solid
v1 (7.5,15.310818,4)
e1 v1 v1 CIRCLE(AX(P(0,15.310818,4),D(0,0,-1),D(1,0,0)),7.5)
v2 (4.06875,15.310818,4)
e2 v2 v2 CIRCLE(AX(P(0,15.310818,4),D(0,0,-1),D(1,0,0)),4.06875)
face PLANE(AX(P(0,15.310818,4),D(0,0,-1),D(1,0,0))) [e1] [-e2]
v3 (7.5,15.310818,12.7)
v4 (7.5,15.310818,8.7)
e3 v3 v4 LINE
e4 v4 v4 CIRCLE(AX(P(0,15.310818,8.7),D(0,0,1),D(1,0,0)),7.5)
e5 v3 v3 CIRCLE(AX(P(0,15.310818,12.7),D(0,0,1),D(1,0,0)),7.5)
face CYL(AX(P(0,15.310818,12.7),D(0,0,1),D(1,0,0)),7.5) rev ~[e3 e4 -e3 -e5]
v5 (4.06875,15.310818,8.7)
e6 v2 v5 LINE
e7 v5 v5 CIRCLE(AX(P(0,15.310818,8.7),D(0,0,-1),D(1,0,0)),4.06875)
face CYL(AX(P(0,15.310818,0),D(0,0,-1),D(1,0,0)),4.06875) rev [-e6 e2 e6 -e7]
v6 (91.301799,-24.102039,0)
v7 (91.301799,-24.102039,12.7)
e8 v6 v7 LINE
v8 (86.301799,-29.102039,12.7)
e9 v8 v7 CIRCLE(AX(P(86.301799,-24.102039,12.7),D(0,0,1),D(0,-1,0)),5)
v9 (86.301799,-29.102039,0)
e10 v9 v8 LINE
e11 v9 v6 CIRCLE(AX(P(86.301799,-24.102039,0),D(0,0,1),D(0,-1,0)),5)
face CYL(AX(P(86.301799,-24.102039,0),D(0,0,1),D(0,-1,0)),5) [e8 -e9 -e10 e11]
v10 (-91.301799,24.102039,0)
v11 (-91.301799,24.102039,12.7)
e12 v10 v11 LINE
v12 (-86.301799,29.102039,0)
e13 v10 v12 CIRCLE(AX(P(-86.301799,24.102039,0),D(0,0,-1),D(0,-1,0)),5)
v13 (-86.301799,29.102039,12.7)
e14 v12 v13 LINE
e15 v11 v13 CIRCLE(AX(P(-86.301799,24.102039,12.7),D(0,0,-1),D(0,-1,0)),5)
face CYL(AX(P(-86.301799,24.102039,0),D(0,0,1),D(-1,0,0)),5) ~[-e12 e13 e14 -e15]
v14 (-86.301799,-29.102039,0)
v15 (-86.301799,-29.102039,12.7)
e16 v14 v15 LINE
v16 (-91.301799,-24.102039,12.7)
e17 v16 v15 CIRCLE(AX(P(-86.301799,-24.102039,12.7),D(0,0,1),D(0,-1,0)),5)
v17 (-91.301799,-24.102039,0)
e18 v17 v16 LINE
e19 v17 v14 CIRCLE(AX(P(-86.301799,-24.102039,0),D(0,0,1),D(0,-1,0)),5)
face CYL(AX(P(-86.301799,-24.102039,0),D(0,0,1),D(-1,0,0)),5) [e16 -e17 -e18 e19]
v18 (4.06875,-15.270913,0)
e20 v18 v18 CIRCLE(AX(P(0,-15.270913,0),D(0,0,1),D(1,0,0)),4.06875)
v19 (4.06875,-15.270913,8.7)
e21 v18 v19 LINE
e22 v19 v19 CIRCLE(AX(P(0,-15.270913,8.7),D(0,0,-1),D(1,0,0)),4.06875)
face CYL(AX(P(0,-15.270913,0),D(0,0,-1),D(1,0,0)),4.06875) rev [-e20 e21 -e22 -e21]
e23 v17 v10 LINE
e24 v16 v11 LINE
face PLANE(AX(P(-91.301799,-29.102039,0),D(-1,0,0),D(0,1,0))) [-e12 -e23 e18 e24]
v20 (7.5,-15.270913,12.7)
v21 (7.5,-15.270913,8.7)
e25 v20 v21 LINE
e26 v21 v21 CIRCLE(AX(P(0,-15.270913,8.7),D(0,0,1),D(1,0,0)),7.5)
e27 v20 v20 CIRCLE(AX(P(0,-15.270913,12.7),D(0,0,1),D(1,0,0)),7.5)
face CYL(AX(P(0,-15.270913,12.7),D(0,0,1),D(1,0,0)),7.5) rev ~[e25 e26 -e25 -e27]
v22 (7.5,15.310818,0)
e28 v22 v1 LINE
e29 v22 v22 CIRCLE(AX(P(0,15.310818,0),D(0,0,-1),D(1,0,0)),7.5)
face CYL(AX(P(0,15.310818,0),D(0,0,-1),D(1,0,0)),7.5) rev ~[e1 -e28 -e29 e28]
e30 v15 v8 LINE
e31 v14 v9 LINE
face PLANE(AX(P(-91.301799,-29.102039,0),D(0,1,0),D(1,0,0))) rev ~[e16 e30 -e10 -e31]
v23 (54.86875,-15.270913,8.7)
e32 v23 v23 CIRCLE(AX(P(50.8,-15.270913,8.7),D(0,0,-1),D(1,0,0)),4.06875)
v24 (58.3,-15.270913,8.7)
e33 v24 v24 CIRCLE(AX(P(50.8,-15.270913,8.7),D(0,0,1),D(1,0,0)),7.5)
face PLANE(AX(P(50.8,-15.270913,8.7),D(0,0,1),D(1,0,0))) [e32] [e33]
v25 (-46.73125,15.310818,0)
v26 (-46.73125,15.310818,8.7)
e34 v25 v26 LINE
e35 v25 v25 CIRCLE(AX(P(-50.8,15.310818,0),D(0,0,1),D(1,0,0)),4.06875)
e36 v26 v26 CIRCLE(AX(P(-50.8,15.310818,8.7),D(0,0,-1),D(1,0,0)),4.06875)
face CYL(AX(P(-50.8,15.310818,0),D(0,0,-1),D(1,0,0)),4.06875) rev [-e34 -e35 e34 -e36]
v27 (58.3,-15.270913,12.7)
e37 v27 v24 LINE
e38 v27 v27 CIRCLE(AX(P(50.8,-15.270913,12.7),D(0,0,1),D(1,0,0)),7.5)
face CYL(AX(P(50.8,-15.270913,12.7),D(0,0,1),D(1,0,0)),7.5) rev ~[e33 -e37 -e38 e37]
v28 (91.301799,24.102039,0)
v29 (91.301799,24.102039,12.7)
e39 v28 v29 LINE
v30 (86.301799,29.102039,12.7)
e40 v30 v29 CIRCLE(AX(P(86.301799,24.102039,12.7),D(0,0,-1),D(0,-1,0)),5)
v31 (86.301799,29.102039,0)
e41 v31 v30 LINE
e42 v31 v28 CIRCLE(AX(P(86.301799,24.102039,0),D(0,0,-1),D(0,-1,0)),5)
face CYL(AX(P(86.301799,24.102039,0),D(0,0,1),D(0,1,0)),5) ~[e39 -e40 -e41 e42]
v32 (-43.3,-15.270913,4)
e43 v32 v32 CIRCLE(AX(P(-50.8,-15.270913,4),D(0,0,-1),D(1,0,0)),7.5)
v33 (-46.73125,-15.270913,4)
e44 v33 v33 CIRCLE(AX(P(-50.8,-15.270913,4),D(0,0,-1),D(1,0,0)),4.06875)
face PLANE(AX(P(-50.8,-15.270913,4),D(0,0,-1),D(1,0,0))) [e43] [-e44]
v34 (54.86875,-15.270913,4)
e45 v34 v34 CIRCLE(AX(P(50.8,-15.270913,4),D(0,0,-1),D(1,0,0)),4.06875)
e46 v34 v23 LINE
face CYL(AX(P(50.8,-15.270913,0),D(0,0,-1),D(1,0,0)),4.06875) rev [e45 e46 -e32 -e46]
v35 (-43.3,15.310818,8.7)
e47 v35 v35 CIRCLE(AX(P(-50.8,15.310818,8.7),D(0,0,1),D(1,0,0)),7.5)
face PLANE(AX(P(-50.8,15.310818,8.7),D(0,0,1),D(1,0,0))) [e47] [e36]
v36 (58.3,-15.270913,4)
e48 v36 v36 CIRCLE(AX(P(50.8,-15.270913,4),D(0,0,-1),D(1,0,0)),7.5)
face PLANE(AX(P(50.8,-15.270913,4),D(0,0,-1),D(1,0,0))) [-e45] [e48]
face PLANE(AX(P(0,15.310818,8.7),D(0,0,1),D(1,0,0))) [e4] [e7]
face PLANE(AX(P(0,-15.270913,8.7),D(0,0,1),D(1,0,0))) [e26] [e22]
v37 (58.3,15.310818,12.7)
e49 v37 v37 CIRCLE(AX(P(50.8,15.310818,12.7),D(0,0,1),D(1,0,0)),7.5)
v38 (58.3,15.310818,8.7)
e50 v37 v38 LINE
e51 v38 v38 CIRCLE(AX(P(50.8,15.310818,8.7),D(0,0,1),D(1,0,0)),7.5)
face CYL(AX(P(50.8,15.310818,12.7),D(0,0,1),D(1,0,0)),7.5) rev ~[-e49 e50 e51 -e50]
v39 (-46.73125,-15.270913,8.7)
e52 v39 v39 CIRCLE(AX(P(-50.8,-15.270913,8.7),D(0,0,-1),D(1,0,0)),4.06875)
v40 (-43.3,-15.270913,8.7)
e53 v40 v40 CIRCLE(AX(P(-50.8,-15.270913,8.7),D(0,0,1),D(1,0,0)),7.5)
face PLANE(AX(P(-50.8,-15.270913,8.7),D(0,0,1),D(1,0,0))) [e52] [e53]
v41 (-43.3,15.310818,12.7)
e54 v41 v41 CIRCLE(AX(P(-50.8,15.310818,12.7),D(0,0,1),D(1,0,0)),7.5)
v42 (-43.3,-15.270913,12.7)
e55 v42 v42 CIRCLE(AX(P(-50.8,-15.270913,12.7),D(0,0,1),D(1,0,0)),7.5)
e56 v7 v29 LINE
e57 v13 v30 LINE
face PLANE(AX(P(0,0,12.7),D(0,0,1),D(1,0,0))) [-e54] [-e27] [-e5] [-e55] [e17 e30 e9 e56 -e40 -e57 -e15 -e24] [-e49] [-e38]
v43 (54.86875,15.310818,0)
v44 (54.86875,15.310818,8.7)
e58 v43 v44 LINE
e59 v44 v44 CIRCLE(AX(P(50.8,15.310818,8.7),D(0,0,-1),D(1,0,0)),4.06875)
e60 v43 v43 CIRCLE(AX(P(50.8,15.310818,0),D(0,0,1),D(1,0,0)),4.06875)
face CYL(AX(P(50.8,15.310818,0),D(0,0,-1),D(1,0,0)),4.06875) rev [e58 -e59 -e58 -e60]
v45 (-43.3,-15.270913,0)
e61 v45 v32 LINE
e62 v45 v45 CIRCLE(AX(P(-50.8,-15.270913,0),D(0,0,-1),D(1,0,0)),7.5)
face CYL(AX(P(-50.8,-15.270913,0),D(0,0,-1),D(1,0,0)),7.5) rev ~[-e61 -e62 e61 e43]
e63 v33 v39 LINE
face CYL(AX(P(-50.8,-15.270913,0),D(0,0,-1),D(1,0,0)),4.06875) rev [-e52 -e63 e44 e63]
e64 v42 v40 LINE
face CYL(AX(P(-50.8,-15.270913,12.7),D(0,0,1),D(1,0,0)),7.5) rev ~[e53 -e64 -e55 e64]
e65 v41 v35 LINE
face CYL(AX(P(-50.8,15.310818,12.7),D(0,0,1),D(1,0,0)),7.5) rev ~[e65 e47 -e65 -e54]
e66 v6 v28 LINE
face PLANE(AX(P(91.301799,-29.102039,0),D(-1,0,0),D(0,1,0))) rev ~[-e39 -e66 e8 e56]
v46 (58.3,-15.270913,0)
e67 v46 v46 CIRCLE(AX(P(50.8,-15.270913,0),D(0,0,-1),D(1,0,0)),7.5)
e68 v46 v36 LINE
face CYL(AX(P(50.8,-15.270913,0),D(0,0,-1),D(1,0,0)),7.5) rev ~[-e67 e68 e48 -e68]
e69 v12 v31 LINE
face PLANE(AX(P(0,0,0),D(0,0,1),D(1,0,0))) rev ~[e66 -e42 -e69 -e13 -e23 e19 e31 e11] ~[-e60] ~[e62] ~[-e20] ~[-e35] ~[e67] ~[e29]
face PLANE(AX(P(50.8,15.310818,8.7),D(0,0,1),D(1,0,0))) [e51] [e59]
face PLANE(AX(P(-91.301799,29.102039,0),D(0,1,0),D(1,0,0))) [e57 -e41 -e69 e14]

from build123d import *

# Parameters (mm, degrees)
F1_W     = 182.603597641
F1_H     = 58.2040771842
F3_DEPTH = 12.7
F2_R     = 4.06875
F4_DEPTH = 12.701
F5_R     = 7.5
F6_DEPTH = 4
F7_R     = 7.5
F8_DEPTH = 4
F9_R     = 5


with BuildPart() as f3:
    # F1 (on Top) → F3 (new body)
    with BuildSketch(Plane.XY):
        Rectangle(F1_W, F1_H)
    extrude(amount=F3_DEPTH)

    # F2 (on Top) → F4 (cut, through all)
    with BuildSketch(Plane.XY):
        with Locations((-50.8, 15.3108183295)):
            Circle(F2_R)
        with Locations((0, 15.3108183295)):
            Circle(F2_R)
        with Locations((50.8, 15.3108183295)):
            Circle(F2_R)
        with Locations((50.8, -15.2709130198)):
            Circle(F2_R)
        with Locations((0, -15.2709130198)):
            Circle(F2_R)
        with Locations((-50.8, -15.2709130198)):
            Circle(F2_R)
    extrude(amount=F4_DEPTH, mode=Mode.SUBTRACT)

    # F5 (on face) → F6 (cut)
    with BuildSketch(Plane.XY.offset(12.7)):
        with Locations((-50.8, 15.3108183295)):
            Circle(F5_R)
        with Locations((0, -15.2709130198)):
            Circle(F5_R)
        with Locations((50.8, 15.3108183295)):
            Circle(F5_R)
        with Locations((-50.8, -15.2709130198)):
            Circle(F5_R)
        with Locations((0, 15.3108183295)):
            Circle(F5_R)
        with Locations((50.8, -15.2709130198)):
            Circle(F5_R)
    extrude(amount=-F6_DEPTH, mode=Mode.SUBTRACT)

    # F7 (on face) → F8 (cut)
    with BuildSketch(Plane(origin=(0, 0, 0), x_dir=(1, 0, 0), z_dir=(0, 0, -1))):
        with Locations((0, -15.3108183295)):
            Circle(F7_R)
        with Locations((-50.8, 15.2709130198)):
            Circle(F7_R)
        with Locations((50.8, 15.2709130198)):
            Circle(F7_R)
    extrude(amount=-F8_DEPTH, mode=Mode.SUBTRACT)

    # F9
    f9_edges = [f3.edges().sort_by_distance(p)[0] for p in [
        (-91.301799, -29.102039, 6.35),
        (-91.301799, 29.102039, 6.35),
        (91.301799, 29.102039, 6.35),
        (91.301799, -29.102039, 6.35),
    ]]
    fillet(f9_edges, radius=F9_R)


solid = f3.part
